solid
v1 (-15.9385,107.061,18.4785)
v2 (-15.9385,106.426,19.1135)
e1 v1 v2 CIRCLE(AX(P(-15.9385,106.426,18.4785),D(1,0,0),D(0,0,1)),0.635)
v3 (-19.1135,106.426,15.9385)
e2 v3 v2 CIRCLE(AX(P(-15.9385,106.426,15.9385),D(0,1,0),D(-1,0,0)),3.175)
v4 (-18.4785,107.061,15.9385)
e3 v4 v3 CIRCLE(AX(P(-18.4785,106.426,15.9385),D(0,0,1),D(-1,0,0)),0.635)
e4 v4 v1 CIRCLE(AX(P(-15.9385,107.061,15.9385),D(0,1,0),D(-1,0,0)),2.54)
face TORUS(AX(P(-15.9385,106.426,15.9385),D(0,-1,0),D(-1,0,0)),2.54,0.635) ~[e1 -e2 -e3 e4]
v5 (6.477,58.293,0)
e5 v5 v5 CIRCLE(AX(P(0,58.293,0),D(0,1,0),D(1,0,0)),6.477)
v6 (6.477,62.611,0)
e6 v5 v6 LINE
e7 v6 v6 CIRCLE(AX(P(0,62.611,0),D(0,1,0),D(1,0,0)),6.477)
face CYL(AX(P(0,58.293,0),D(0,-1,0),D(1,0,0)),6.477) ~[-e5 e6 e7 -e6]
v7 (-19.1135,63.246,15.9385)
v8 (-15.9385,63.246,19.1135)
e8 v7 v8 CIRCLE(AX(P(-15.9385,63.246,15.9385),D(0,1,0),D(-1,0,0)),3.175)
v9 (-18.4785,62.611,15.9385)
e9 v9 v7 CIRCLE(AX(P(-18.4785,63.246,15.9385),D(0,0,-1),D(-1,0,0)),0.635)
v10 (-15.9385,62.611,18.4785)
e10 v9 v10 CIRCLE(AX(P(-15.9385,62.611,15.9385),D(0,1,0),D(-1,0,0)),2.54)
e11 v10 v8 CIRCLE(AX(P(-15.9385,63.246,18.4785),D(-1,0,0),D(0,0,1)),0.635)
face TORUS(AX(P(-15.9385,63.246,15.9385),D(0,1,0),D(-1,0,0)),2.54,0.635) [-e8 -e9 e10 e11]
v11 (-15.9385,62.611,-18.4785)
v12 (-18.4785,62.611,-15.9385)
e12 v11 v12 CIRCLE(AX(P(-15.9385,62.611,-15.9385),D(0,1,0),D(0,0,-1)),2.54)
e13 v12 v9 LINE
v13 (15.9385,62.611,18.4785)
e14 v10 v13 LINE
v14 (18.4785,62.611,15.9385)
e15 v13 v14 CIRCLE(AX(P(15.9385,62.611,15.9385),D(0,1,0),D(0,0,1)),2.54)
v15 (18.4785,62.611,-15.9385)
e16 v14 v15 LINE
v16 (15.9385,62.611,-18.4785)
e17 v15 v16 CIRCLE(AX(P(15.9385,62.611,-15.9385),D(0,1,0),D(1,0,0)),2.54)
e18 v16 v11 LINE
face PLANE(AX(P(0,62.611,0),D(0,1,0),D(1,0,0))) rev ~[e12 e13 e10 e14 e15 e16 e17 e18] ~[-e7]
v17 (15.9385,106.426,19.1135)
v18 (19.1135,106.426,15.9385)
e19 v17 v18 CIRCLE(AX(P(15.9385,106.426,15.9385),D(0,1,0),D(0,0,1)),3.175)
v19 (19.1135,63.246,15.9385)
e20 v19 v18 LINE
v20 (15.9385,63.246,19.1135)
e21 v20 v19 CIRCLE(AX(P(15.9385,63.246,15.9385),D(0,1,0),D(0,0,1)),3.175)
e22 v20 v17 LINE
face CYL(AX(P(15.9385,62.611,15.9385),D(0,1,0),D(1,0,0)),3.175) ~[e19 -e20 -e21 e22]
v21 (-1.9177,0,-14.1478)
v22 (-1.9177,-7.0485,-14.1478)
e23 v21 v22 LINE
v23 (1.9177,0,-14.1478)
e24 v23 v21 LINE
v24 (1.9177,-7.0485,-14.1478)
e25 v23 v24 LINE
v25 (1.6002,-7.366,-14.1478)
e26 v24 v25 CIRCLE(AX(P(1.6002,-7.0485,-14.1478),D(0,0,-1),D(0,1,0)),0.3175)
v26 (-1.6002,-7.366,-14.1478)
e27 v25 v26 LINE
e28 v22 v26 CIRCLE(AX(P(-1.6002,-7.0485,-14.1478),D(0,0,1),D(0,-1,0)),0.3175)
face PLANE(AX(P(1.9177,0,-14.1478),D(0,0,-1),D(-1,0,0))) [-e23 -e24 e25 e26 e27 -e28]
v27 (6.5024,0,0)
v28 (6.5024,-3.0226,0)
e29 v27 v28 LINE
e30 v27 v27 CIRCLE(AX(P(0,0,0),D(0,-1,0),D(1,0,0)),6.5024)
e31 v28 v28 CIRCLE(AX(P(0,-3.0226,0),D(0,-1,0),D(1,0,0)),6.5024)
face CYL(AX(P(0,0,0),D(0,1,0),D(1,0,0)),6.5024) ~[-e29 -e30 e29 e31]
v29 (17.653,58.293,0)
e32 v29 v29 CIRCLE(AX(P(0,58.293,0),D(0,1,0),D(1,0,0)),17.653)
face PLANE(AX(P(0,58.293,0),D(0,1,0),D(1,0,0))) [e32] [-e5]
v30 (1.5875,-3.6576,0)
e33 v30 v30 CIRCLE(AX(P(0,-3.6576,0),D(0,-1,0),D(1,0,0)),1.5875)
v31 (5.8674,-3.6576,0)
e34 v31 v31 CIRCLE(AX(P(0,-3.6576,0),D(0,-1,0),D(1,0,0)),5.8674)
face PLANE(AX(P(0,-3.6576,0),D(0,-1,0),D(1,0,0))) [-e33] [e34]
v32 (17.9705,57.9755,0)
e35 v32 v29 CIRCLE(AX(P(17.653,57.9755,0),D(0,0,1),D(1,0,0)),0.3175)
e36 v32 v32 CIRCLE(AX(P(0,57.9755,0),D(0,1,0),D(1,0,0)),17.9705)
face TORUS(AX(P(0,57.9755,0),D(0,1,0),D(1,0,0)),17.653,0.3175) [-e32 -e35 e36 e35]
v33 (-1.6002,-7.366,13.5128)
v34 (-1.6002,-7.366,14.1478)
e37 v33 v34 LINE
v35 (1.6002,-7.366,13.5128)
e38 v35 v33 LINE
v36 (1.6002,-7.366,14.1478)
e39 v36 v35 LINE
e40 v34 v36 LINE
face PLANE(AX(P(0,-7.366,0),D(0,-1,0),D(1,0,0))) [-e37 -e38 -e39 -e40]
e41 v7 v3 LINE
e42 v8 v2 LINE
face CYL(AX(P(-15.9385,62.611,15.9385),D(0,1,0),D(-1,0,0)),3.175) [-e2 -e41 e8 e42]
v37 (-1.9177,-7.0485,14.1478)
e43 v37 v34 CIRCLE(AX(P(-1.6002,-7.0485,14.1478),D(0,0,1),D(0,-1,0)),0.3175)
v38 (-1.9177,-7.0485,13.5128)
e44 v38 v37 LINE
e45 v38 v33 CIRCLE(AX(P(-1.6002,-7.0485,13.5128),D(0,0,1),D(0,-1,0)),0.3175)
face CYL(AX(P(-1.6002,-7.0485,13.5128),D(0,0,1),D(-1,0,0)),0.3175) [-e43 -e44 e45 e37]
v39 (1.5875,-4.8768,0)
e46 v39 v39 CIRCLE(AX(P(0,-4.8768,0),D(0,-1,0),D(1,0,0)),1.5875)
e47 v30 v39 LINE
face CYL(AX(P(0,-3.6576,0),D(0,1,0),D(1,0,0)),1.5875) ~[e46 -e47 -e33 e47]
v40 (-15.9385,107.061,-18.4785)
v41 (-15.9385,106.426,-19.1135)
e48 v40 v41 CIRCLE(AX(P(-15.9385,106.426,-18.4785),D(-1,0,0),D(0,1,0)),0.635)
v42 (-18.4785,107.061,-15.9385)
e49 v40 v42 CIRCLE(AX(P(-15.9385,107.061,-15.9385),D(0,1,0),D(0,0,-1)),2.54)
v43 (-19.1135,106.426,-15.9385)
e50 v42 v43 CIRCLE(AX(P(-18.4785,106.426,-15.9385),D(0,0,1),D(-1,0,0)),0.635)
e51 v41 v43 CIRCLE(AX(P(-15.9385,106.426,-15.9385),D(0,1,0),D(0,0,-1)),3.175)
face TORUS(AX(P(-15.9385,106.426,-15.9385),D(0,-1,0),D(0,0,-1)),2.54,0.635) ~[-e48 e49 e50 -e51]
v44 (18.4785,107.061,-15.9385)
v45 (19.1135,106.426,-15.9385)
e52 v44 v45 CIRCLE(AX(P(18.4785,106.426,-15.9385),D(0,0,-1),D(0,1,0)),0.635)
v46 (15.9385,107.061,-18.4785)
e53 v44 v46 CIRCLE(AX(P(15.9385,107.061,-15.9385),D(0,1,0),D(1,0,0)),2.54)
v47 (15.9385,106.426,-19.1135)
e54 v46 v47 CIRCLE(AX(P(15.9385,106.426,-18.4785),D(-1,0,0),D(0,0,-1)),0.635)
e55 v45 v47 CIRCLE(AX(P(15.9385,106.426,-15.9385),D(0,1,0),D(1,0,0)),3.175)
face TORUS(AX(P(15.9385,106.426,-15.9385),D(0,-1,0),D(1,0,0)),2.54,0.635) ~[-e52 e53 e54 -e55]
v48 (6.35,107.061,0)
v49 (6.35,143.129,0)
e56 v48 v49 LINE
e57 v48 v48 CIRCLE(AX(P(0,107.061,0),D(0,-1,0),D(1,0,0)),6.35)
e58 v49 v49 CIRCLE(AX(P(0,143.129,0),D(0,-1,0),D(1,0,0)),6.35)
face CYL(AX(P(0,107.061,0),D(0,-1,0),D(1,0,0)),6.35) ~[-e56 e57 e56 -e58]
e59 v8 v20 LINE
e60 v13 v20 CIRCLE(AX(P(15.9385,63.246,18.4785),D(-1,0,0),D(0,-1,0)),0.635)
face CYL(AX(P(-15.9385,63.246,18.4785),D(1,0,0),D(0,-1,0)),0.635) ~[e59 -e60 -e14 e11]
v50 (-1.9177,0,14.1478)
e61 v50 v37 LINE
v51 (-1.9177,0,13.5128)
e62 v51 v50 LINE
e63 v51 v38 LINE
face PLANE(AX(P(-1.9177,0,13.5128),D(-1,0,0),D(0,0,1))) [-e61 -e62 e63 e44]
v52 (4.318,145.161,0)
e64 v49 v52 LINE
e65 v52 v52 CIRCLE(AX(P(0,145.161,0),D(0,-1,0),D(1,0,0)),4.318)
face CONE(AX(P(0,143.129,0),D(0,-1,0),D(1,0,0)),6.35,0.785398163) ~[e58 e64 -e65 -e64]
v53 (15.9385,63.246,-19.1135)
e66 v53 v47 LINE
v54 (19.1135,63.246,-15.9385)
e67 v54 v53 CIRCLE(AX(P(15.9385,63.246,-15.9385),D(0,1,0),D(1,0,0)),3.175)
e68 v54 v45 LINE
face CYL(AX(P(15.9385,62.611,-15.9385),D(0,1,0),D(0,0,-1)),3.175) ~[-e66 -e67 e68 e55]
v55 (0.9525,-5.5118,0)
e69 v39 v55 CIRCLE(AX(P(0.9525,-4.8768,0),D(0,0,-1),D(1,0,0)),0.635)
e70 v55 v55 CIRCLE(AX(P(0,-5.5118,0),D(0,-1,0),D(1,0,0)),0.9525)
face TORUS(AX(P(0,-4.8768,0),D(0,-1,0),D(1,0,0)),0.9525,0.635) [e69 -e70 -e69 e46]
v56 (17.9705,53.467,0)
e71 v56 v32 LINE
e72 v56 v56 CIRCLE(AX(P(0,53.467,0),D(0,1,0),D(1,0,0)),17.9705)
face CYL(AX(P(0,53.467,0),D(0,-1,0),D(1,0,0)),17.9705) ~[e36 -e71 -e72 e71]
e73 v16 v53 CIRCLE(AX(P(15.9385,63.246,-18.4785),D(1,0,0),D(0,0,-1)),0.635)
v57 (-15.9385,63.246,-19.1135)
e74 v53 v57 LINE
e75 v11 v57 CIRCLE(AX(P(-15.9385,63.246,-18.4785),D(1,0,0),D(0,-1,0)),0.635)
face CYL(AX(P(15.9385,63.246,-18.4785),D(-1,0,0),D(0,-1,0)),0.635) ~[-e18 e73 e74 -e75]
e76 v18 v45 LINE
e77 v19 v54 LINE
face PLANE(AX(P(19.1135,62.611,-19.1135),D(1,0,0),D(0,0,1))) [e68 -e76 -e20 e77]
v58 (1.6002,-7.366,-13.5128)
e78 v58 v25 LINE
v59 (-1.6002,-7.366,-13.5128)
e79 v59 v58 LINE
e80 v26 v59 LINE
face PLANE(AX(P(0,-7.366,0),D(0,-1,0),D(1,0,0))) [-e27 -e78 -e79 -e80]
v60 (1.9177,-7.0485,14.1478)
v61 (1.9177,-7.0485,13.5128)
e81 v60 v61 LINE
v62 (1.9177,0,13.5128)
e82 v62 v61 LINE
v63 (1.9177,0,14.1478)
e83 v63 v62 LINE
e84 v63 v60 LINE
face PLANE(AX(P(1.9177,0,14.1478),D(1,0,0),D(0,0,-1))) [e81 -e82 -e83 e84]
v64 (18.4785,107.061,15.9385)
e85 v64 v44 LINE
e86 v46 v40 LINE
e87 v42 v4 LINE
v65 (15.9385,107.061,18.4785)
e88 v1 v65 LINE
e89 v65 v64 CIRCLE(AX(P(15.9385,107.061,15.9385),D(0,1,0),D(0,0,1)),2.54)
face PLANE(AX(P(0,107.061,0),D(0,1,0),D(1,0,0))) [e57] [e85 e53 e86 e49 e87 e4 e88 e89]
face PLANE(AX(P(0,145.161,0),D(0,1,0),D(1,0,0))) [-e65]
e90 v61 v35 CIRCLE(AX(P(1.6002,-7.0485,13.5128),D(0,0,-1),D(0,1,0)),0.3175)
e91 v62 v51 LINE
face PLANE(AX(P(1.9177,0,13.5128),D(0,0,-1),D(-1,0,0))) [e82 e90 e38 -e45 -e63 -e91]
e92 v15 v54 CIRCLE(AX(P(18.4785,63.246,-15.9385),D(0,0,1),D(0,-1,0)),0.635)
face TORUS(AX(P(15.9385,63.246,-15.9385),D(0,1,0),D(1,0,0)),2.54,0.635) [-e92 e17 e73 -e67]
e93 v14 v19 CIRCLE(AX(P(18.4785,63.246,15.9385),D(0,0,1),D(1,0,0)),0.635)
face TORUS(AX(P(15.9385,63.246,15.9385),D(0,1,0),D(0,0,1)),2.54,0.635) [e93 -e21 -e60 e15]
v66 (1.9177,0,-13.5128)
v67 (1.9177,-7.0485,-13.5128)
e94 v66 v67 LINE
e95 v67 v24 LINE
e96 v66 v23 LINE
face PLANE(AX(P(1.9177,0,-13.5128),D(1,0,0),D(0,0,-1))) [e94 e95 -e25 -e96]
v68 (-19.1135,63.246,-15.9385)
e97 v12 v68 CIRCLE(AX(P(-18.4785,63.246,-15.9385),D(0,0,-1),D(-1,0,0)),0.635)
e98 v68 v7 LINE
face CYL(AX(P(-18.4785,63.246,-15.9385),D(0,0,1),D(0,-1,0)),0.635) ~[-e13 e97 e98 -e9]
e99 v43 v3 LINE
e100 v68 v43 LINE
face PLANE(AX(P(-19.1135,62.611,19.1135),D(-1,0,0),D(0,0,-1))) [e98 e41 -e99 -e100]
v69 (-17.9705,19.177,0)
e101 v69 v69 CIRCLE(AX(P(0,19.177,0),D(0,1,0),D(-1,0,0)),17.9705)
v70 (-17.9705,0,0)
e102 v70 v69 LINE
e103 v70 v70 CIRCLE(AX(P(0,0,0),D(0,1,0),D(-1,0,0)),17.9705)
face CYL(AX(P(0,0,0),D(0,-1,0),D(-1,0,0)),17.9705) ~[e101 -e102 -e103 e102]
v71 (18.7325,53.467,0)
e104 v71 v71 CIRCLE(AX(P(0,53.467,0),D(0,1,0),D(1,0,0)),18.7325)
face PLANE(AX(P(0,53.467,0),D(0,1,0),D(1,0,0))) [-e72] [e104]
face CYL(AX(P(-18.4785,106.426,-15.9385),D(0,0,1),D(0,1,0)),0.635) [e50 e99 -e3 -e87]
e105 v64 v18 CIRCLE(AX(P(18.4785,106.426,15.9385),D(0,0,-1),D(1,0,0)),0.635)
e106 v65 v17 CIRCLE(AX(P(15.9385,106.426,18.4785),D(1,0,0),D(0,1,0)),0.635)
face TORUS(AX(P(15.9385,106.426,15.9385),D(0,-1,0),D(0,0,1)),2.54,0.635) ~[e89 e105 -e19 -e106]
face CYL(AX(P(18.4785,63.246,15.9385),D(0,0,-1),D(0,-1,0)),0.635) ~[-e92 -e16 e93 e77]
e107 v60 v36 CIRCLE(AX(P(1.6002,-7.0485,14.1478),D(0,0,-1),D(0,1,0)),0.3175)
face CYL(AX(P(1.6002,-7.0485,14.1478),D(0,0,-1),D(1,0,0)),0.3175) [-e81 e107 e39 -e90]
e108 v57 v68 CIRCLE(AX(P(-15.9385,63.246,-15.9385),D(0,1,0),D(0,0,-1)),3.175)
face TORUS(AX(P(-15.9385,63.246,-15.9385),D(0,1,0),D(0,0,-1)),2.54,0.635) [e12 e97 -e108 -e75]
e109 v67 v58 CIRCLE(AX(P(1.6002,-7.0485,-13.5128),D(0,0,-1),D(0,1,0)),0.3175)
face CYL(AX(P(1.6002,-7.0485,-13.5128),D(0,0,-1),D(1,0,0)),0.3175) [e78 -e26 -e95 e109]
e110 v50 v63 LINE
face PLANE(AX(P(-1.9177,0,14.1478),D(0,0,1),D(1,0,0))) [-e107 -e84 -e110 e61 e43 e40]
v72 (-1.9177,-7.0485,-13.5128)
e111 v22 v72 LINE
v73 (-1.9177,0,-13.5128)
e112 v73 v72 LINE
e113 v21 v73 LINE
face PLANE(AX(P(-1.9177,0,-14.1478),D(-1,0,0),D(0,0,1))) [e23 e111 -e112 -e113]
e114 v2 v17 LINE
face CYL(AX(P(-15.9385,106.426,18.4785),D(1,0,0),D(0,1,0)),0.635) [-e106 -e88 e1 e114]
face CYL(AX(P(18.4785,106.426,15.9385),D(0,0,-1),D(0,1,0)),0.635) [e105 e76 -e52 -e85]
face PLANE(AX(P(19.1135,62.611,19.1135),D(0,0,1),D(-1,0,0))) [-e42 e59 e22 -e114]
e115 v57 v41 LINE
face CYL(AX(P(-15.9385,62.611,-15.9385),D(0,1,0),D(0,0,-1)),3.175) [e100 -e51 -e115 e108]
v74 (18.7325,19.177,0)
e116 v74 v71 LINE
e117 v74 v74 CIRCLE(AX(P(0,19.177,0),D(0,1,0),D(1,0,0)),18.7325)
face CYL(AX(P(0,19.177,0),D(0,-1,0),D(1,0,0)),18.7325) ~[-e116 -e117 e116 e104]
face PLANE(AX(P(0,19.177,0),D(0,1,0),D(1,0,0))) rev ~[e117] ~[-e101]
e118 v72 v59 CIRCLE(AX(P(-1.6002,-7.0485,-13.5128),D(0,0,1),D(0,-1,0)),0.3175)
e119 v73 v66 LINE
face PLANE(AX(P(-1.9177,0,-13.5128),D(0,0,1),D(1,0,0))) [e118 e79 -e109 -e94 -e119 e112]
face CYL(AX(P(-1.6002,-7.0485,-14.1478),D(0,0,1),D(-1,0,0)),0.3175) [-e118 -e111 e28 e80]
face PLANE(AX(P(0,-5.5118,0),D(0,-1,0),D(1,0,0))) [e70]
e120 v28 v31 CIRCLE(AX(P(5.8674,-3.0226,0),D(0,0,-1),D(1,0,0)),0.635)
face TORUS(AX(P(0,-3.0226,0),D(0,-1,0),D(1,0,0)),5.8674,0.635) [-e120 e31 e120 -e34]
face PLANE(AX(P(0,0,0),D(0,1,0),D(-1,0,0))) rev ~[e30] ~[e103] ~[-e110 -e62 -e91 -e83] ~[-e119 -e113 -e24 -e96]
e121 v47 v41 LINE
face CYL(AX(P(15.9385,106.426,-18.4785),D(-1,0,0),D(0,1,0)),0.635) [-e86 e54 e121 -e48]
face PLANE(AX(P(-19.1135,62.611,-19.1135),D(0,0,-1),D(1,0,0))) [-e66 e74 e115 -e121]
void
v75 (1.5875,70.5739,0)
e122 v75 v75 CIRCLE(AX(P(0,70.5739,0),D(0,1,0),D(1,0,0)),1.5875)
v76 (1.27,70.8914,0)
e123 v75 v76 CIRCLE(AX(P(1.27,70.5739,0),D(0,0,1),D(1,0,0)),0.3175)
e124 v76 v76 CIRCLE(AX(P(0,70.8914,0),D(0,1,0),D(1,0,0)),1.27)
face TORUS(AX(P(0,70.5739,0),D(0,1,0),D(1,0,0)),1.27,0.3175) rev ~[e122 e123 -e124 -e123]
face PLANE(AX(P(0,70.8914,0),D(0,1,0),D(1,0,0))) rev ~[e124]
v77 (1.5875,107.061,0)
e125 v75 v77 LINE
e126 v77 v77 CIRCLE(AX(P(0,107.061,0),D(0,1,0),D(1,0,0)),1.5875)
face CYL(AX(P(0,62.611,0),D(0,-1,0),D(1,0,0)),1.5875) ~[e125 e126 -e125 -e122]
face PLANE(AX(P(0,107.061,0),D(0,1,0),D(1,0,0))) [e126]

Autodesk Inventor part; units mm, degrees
ref_plane "YZ Plane" through (0, 0, 0) normal (1, 0, 0) x (0, 1, 0)
ref_plane "XZ Plane" through (0, 0, 0) normal (0, 1, 0) x (-1, 0, 0)
ref_plane "XY Plane" through (0, 0, 0) normal (0, 0, 1) x (1, 0, 0)
sketch "Sketch1" plane through (0, 0, 0) normal (0, 1, 0) x (-1, 0, 0)
  circle A0 centre (0, 0) radius 17.9705
  dimension "d0" = 35.941
extrude "Extrusion1" add sketch "Sketch1" along normal blind 19.177
sketch "Sketch2" plane through (0, 19.177, 0) normal (0, 1, 0) x (1, 0, 0)
  circle A0 centre (0, 0) radius 18.7325
  dimension "d3" = 37.465
extrude "Extrusion2" add sketch "Sketch2" along normal blind 34.29
sketch "Sketch3" plane through (0, 53.467, 0) normal (0, 1, 0) x (1, 0, 0)
  circle A0 centre (0, 0) radius 17.9705
  dimension "d6" = 35.941
extrude "Extrusion3" add sketch "Sketch3" along normal blind 4.826
sketch "Sketch4" plane through (0, 58.293, 0) normal (0, 1, 0) x (1, 0, 0)
  circle A0 centre (0, 0) radius 6.477
  dimension "d9" = 12.954
extrude "Extrusion4" add sketch "Sketch4" along normal blind 4.318
sketch "Sketch5" plane through (0, 62.611, 0) normal (0, 1, 0) x (1, 0, 0)
  circle A0 centre (0, 0) radius 1.5875
  dimension "d12" = 3.175
extrude "Extrusion5" add sketch "Sketch5" along normal blind 8.2804
fillet "Fillet1" radius 0.3175 1 edges at (-17.9705, 58.293, 0)
fillet "Fillet2" radius 0.3175 1 edges at (-1.5875, 70.8914, 0)
sketch "Sketch6" plane through (0, 0, 0) normal (0, -1, 0) x (1, 0, 0)
  circle A0 centre (0, 0) radius 1.5875 projected
  circle A1 centre (0, 0) radius 6.5024
  dimension "d17" = 13.0048
extrude "Extrusion6" add sketch "Sketch6" along normal blind 3.6576 contours A0 | A1
sketch "Sketch7" plane through (0, -3.6576, 0) normal (0, -1, 0) x (1, 0, 0)
  circle A0 centre (0, 0) radius 1.5875 projected
  circle A1 centre (0, 0) radius 1.5875
extrude "Extrusion7" add sketch "Sketch7" along normal blind 1.8542
fillet "Fillet3" radius 0.635 2 edges at (-6.5024, -3.6576, 0) (-1.5875, -5.5118, 0)
sketch "Sketch8" plane through (0, 0, 0) normal (0, -1, 0) x (1, 0, 0)
  line L0 (1.9177, 13.5128) -> (-1.9177, 13.5128)
  line L1 (-1.9177, 13.5128) -> (-1.9177, 14.1478)
  line L2 (-1.9177, 14.1478) -> (1.9177, 14.1478)
  line L3 (1.9177, 14.1478) -> (1.9177, 13.5128)
  line L4 (1.9177, 13.5128) -> (-1.9177, 14.1478) construction
  line L5 (-1.9177, 13.5128) -> (1.9177, 14.1478) construction
  line L6 (1.9177, -14.1478) -> (-1.9177, -14.1478)
  line L7 (-1.9177, -14.1478) -> (-1.9177, -13.5128)
  line L8 (-1.9177, -13.5128) -> (1.9177, -13.5128)
  line L9 (1.9177, -13.5128) -> (1.9177, -14.1478)
  line L10 (1.9177, -14.1478) -> (-1.9177, -13.5128) construction
  line L11 (-1.9177, -14.1478) -> (1.9177, -13.5128) construction
  circle A0 centre (0, 0) radius 6.5024 projected
  circle A1 centre (0, 0) radius 0.9525 projected
  line L12 (0, 0) -> (0, -10.7533)
  point P0 (0, 13.8303)
  point P1 (0, -13.8303)
  point P2 (0, -14.1478)
  point P3 (0, 14.1478)
  point P4 (-1.9177, -13.8303)
  point P5 (1.9177, -13.8303)
  point P6 (-1.9177, 13.8303)
  point P7 (1.9177, 13.8303)
  point P8 (0, -13.5128)
  dimension "d24" = 13.5128
  dimension "d26" = 0.635
  dimension "d27" = 0.635
  dimension "d28" = 13.5128
  dimension "d29" = 3.8354
  dimension "d30" = 3.8354
  dimension "d31" = 0
extrude "Extrusion8" add sketch "Sketch8" along normal blind 7.366 contours L0 L1 L2 L3 | L6 L7 L8 L9
fillet "Fillet4" radius 0.3175 4 edges at (1.9177, -7.366, 13.8303) (-1.9177, -7.366, 13.8303) (1.9177, -7.366, -13.8303) (-1.9177, -7.366, -13.8303)
sketch "Sketch9" plane through (0, 62.611, 0) normal (0, 1, 0) x (1, 0, 0)
  line L0 (-19.1135, 19.1135) -> (19.1135, 19.1135)
  line L1 (19.1135, 19.1135) -> (19.1135, -19.1135)
  line L2 (19.1135, -19.1135) -> (-19.1135, -19.1135)
  line L3 (-19.1135, -19.1135) -> (-19.1135, 19.1135)
  circle A0 centre (0, 0) radius 1.5875 projected
  line L4 (-19.1135, 19.1135) -> (19.1135, -19.1135) construction
  line L5 (19.1135, 19.1135) -> (-19.1135, -19.1135) construction
  dimension "d35" = 38.227
  dimension "d36" = 38.227
extrude "Extrusion9" add sketch "Sketch9" along normal blind 44.45
fillet "Fillet5" radius 3.175 4 edges at (19.1135, 84.836, 19.1135) (-19.1135, 84.836, 19.1135) (19.1135, 84.836, -19.1135) (-19.1135, 84.836, -19.1135)
fillet "Fillet6" radius 0.635 16 edges at (-18.1836, 62.611, 18.1836) (0, 62.611, 19.1135) (18.1836, 62.611, 18.1836) (19.1135, 62.611, 0) (18.1836, 62.611, -18.1836) (0, 62.611, -19.1135) (-18.1836, 62.611, -18.1836) (-19.1135, 62.611, 0) (-18.1836, 107.061, 18.1836) (0, 107.061, 19.1135) (18.1836, 107.061, 18.1836) (19.1135, 107.061, 0) (18.1836, 107.061, -18.1836) (0, 107.061, -19.1135) (-18.1836, 107.061, -18.1836) (-19.1135, 107.061, 0)
sketch "Sketch10" plane through (0, 107.061, 0) normal (0, 1, 0) x (1, 0, 0)
  circle A0 centre (0, 0) radius 1.5875 projected
  circle A1 centre (0, 0) radius 6.35
  line L0 (-0.892, -6.8107) -> (1.3528, -6.8107)
  line L1 (1.3528, -6.8107) -> (1.3528, -5.4272)
  line L2 (1.3528, -5.4272) -> (-0.892, -5.4272)
  line L3 (-0.892, -5.4272) -> (-0.892, -6.8107)
  dimension "d41" = 12.7
extrude "Extrusion10" add sketch "Sketch10" along normal blind 38.1 contours A0 | A1 L1 L2 L3 | L3 L2 L1 A1
chamfer "Chamfer1" distance 2.032 angle 45 1 edges at (-6.35, 145.161, 0)
properties part number "DC Motor"
